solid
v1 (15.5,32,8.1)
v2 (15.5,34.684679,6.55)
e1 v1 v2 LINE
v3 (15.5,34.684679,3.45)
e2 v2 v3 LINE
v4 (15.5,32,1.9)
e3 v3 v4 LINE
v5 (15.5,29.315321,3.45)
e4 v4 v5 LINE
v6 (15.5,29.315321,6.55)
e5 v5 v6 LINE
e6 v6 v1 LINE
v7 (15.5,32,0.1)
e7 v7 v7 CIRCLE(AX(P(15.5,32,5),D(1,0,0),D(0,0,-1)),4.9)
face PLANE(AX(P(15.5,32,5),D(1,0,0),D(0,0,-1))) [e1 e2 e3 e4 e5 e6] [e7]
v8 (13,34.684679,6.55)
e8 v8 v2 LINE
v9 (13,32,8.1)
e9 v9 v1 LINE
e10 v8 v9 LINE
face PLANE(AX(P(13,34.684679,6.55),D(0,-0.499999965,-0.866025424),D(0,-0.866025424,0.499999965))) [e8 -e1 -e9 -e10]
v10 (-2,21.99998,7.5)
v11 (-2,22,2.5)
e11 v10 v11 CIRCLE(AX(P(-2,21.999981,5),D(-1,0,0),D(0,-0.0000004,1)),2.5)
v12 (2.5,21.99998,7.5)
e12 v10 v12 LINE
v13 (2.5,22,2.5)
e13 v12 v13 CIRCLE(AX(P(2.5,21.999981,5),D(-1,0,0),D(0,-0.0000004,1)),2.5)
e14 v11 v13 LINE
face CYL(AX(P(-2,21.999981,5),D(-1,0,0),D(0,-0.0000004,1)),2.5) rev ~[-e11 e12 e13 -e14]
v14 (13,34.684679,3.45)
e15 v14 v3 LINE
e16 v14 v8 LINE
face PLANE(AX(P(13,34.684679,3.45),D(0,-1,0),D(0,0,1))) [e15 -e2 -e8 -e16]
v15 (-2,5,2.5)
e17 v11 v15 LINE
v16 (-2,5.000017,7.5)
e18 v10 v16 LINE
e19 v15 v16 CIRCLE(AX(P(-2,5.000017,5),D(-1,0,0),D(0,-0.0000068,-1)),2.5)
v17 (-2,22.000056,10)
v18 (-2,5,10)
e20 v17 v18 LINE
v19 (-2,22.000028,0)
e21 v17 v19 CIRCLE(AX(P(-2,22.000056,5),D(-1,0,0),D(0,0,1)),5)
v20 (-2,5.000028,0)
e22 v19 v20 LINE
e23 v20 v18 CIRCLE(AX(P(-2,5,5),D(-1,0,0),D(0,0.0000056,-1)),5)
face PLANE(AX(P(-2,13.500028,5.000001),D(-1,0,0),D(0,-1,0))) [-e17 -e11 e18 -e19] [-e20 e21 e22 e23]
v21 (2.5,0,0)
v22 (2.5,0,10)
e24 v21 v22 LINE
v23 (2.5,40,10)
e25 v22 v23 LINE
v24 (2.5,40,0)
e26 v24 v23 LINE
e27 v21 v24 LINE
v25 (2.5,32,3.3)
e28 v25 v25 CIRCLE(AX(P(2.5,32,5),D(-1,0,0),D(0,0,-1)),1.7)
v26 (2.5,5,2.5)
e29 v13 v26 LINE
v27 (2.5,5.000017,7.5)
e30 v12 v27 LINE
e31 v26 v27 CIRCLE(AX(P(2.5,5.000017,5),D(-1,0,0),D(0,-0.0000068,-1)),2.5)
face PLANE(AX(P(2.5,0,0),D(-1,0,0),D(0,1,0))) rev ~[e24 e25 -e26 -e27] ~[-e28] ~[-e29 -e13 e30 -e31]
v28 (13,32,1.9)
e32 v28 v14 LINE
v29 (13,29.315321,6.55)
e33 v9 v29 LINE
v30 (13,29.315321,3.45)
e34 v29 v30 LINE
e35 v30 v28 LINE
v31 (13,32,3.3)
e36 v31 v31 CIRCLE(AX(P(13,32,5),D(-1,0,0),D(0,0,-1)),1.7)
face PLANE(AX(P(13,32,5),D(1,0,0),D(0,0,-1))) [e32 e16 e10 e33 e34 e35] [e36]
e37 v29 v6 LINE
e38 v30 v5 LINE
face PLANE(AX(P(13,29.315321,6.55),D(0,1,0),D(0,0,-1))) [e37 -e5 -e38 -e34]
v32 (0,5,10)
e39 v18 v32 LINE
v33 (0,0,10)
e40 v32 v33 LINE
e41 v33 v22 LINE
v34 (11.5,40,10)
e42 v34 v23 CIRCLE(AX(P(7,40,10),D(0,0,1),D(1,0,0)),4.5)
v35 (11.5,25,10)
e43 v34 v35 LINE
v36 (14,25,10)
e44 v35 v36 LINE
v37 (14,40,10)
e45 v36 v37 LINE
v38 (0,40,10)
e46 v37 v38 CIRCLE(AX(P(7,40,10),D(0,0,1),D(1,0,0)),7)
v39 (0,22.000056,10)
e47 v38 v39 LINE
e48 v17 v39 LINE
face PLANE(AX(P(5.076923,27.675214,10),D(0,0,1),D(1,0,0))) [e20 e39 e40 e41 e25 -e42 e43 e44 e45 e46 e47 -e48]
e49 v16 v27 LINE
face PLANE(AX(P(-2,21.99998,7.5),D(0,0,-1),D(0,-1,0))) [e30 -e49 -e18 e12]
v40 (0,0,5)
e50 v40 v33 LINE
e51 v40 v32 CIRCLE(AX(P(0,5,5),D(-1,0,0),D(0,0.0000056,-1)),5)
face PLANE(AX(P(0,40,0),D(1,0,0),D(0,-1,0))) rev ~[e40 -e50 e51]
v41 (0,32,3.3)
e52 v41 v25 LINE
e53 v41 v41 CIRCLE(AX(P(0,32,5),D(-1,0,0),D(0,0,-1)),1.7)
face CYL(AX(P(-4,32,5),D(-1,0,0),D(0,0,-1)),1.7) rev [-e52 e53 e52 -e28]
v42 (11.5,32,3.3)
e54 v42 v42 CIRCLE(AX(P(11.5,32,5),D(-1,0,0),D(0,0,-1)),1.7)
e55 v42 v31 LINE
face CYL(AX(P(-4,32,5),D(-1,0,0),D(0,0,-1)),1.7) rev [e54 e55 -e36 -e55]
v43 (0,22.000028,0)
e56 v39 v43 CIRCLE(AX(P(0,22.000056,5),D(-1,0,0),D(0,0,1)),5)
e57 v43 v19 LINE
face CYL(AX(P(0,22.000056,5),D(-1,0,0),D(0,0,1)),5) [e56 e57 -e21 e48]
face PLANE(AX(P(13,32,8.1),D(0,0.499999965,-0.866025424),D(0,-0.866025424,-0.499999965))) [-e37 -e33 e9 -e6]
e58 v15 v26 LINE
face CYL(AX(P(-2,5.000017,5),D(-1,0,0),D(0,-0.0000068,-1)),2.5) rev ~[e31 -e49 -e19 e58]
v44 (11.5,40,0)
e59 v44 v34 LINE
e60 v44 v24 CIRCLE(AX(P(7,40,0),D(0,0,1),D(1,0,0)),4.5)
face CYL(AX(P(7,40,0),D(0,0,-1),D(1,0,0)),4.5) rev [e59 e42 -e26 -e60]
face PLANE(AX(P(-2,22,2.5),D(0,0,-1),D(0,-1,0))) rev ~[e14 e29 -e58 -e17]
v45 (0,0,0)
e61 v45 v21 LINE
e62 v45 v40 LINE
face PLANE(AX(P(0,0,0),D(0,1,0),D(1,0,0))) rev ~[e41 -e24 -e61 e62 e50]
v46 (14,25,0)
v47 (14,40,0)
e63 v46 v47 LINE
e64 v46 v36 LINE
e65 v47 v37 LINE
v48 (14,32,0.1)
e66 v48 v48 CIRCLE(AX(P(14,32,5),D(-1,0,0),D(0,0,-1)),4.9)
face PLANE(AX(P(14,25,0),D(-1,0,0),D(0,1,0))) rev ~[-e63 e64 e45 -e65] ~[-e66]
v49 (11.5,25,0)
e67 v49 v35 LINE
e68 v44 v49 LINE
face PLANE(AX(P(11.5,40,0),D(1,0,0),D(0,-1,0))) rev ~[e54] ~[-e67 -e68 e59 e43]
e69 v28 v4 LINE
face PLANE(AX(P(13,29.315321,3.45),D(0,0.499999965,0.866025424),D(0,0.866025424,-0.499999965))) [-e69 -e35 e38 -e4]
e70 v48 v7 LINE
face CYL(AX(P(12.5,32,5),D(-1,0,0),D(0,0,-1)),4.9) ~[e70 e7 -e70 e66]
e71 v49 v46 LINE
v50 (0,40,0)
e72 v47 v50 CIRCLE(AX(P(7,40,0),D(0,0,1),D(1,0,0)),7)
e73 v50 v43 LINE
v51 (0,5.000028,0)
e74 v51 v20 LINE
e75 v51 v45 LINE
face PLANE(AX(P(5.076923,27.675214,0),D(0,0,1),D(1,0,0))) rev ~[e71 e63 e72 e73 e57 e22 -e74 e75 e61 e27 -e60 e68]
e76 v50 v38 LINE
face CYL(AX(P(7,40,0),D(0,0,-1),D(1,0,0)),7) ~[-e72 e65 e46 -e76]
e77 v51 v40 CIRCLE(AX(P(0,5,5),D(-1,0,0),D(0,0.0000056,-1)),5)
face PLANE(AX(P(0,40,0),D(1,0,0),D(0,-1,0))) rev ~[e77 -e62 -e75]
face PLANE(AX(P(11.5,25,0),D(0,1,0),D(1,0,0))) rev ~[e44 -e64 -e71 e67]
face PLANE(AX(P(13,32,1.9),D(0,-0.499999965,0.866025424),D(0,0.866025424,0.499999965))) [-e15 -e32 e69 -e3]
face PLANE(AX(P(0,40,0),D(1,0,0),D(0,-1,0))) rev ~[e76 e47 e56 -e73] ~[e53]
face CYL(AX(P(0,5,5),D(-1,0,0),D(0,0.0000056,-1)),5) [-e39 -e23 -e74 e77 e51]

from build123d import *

# Parameters (mm, degrees)
PRISM_DEPTH             = 4
PRISM_PITCH_ANGLE       = 90
CYLINDER_R              = 1.7
CYLINDER_DEPTH          = 20
CYLINDER_PITCH_ANGLE    = 90
CYLINDER001_R           = 4.9
CYLINDER001_DEPTH       = 3
CYLINDER001_PITCH_ANGLE = 90
PAD_DEPTH               = 10
PAD001_DEPTH            = 2
POCKET_DEPTH            = 5


with BuildPart() as prisma:
    # Prism → Prism (new body)
    with BuildSketch(Plane.XY):
        Polygon((3.1, 0), (1.55, 2.684679), (-1.55, 2.684679), (-3.1, 0), (-1.55, -2.684679), (1.55, -2.684679), align=None)
    extrude(amount=PRISM_DEPTH)


with BuildPart() as prisma_1:
    # Prism pitch: moved
    add(prisma.part.rotate(Axis((0, 0, 0), (0, 1, 0)), PRISM_PITCH_ANGLE))


with BuildPart() as prisma_2:
    # Prism placement: moved
    add(prisma_1.part.moved(Location((13, 32, 5))))


with BuildPart() as cilindro:
    # Cylinder → Cylinder (new body)
    with BuildSketch(Plane.XY):
        Circle(CYLINDER_R)
    extrude(amount=CYLINDER_DEPTH)


with BuildPart() as cilindro_1:
    # Cylinder pitch: moved
    add(cilindro.part.rotate(Axis((0, 0, 0), (0, 1, 0)), CYLINDER_PITCH_ANGLE))


with BuildPart() as cilindro_2:
    # Cylinder placement: moved
    add(cilindro_1.part.moved(Location((-4, 32, 5))))


with BuildPart() as cilindro001:
    # Cylinder001 → Cylinder001 (new body)
    with BuildSketch(Plane.XY):
        Circle(CYLINDER001_R)
    extrude(amount=CYLINDER001_DEPTH)


with BuildPart() as cilindro001_1:
    # Cylinder001 pitch: moved
    add(cilindro001.part.rotate(Axis((0, 0, 0), (0, 1, 0)), CYLINDER001_PITCH_ANGLE))


with BuildPart() as cilindro001_2:
    # Cylinder001 placement: moved
    add(cilindro001_1.part.moved(Location((12.5, 32, 5))))


with BuildPart() as pocket:
    # Sketch → Pad (new body)
    with BuildSketch(Plane.XY):
        with BuildLine():
            Line((0, 40), (0, 0))
            Line((0, 0), (2.5, 0))
            Line((2.5, 0), (2.5, 40))
            ThreePointArc((11.5, 40), (7, 44.5), (2.5, 40))
            Line((11.5, 40), (11.5, 25))
            Line((11.5, 25), (14, 25))
            Line((14, 25), (14, 40))
            ThreePointArc((14, 40), (7, 47), (0, 40))
        make_face()
    extrude(amount=PAD_DEPTH)

    # Fusion: union Cilindro001
    add(cilindro001_2.part)

    # Cut: cut Cilindro
    add(cilindro_2.part, mode=Mode.SUBTRACT)

    # Cut001: cut Prisma
    add(prisma_2.part, mode=Mode.SUBTRACT)

    # Sketch001 → Pad001 (new body, symmetric)
    with BuildSketch(Plane(origin=(0, 0, 0), x_dir=(0, -1, 0), z_dir=(-1, 0, 0))):
        with BuildLine():
            ThreePointArc((-22.000056, 10), (-27.000056, 4.999986), (-22.000028, 0))
            Line((-22.000028, 0), (-5.000028, 0))
            ThreePointArc((-5.000028, 0), (0, 4.999986), (-5, 10))
            Line((-22.000056, 10), (-5, 10))
        make_face()
    extrude(amount=PAD001_DEPTH, both=True)

    # Sketch002 → Pocket (cut)
    with BuildSketch(Plane(origin=(-2, 0, 0), x_dir=(0, -1, 0), z_dir=(-1, 0, 0))):
        with BuildLine():
            ThreePointArc((-21.99998, 7.5), (-24.499981, 5.00001), (-22, 2.5))
            Line((-22, 2.5), (-5, 2.5))
            ThreePointArc((-5, 2.5), (-2.500017, 5.000009), (-5.000017, 7.5))
            Line((-21.99998, 7.5), (-5.000017, 7.5))
        make_face()
    extrude(amount=-POCKET_DEPTH, mode=Mode.SUBTRACT)


solid = pocket.part
